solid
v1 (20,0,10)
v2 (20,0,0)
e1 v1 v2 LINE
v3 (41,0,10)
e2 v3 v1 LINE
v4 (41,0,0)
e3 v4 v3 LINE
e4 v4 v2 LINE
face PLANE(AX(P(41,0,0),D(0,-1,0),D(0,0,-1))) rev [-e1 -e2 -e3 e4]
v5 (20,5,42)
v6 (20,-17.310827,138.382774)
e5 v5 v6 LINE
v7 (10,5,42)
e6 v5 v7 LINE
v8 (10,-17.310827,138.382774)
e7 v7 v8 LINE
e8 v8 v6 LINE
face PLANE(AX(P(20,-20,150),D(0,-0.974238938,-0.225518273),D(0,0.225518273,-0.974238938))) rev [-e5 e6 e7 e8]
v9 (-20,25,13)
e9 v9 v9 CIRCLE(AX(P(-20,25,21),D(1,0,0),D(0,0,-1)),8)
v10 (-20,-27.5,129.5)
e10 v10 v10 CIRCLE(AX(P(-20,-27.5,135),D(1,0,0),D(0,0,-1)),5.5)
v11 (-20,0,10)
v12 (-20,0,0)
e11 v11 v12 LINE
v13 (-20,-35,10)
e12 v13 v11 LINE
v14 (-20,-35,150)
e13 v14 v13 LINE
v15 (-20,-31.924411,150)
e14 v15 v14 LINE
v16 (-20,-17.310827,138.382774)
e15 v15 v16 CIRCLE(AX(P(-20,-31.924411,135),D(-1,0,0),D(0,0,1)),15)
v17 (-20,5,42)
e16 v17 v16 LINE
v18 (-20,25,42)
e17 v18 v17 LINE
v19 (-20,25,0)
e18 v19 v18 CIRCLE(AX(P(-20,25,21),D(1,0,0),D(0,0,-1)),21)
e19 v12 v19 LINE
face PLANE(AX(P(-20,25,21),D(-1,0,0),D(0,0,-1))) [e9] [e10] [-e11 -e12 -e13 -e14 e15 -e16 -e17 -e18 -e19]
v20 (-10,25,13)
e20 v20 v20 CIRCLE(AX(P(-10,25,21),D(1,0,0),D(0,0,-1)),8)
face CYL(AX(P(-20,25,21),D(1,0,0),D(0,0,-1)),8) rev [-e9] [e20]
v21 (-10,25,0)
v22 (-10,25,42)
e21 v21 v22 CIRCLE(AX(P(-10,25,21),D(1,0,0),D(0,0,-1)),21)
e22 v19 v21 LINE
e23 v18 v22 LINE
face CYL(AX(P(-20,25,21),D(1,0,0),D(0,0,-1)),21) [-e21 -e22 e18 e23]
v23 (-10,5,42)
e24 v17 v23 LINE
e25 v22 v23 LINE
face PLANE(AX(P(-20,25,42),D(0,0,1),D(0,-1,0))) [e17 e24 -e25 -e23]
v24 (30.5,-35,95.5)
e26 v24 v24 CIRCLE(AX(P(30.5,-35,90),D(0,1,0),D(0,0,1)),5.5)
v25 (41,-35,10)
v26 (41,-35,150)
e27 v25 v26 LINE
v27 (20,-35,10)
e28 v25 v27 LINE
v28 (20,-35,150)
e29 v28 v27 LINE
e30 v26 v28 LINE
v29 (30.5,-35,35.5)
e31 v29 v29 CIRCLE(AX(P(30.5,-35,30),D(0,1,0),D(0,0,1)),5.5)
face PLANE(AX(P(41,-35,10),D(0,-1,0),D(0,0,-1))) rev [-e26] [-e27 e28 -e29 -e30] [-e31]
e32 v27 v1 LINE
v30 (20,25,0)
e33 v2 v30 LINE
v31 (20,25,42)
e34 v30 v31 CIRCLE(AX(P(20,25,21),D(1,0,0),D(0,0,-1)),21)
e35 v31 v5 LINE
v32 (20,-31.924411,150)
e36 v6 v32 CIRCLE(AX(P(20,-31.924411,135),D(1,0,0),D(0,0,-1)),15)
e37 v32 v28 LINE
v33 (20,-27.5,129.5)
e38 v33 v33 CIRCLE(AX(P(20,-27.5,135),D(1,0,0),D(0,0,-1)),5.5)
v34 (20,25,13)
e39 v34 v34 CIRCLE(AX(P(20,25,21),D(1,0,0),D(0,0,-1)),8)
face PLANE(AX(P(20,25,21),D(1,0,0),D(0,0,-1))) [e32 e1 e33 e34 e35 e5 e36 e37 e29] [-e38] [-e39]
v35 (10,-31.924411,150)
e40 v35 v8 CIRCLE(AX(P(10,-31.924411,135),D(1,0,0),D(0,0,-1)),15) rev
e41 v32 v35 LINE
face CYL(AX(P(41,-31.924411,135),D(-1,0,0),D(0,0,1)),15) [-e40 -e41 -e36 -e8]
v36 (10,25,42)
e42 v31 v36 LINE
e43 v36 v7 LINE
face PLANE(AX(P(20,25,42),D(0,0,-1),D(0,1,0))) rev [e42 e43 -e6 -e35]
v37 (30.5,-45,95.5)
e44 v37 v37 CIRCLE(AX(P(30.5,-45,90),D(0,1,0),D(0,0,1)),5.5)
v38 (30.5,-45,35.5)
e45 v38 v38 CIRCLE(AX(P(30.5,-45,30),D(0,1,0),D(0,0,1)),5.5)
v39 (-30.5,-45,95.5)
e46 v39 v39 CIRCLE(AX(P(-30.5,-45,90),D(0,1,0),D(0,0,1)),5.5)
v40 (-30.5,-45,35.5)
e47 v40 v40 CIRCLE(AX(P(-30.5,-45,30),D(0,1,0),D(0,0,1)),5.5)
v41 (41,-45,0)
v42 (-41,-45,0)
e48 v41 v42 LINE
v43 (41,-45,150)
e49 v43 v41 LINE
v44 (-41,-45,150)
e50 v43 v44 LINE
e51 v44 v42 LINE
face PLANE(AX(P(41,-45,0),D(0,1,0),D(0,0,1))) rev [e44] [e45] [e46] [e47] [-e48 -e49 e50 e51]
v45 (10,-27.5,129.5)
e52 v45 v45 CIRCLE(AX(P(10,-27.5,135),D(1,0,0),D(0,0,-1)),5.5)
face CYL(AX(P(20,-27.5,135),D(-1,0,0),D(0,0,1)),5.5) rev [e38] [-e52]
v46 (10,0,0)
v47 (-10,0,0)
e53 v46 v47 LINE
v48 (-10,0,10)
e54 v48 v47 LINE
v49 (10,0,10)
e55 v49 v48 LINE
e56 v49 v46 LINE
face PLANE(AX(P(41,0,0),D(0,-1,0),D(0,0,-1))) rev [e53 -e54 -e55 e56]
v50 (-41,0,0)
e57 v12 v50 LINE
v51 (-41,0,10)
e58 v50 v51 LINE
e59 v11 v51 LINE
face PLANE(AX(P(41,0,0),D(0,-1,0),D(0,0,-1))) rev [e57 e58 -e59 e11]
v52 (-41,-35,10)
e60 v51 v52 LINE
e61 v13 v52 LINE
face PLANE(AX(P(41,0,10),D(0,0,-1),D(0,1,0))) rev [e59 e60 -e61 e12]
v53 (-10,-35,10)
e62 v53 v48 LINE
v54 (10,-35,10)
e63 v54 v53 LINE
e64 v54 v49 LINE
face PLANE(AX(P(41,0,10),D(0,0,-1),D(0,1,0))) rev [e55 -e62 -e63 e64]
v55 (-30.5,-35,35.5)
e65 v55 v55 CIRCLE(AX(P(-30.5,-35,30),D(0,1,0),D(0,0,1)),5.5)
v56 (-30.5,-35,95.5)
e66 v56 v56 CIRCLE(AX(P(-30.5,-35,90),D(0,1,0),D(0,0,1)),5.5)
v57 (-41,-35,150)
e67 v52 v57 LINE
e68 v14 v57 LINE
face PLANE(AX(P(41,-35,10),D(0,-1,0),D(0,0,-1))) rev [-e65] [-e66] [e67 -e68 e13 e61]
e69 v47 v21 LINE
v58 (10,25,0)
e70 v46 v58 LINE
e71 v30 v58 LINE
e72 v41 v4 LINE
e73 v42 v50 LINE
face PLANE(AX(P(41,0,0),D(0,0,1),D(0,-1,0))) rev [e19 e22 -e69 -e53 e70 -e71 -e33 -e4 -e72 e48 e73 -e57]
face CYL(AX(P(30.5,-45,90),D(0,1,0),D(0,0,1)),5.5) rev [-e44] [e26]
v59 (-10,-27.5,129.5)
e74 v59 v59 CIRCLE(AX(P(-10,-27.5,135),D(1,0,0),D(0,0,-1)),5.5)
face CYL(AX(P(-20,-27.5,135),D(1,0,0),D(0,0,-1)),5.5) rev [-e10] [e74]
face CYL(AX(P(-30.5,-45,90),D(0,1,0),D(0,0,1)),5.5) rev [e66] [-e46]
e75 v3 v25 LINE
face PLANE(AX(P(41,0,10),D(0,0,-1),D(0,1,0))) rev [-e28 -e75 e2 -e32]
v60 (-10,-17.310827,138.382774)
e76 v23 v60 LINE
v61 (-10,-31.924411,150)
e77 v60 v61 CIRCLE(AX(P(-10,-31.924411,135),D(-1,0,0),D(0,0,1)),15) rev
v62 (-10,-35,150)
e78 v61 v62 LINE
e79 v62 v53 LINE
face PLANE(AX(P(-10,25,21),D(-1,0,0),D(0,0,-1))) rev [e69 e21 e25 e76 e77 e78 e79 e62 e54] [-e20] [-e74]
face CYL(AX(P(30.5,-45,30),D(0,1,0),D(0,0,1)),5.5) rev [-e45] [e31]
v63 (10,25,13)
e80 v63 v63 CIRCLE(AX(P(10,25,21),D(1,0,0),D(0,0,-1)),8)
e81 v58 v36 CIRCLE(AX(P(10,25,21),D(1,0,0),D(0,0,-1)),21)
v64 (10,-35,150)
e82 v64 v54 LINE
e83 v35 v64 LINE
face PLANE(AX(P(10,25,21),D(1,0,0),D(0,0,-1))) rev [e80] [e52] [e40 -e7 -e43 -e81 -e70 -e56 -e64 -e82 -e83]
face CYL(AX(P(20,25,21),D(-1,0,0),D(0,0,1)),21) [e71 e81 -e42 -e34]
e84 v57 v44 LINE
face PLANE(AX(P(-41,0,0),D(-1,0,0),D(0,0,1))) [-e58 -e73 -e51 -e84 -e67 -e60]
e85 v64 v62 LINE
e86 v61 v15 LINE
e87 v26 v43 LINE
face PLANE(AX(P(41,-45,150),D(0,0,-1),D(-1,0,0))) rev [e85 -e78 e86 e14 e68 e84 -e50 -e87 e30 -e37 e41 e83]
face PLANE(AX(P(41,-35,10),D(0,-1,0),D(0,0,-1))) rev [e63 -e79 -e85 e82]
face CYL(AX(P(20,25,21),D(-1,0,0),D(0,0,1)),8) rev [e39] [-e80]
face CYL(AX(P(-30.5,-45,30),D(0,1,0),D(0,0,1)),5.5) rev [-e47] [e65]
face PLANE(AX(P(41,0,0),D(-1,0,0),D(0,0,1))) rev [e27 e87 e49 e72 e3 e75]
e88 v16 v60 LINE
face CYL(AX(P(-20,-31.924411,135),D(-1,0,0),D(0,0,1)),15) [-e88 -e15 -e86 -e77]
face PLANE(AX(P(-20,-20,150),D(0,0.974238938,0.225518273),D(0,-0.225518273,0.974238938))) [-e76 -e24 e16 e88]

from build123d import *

# Parameters (mm, degrees)
BOSS_EXTRUDE1_DEPTH = 41
SKETCH2_R           = 8
SKETCH2_R_2         = 5.5
BOSS_EXTRUDE2_DEPTH = 10
SKETCH3_R           = 5.5
CUT_EXTRUDE1_DEPTH  = 10
FILLET1_R           = 15


with BuildPart() as part:
    # Sketch1 → Boss-Extrude1 (new, symmetric)
    with BuildSketch(Plane(origin=(0, 0, 0), x_dir=(0, 0, -1), z_dir=(1, 0, 0))):
        Polygon((0, 0), (-10, 0), (-10, -35), (-150, -35), (-150, -45), (0, -45), align=None)
    extrude(amount=BOSS_EXTRUDE1_DEPTH, both=True)

    # Sketch2 → Boss-Extrude2 (add)
    with BuildSketch(Plane(origin=(10, 0, 0), x_dir=(0, 0, -1), z_dir=(1, 0, 0))):
        with BuildLine():
            Line((-150, -35), (-150, -20))
            Line((-150, -20), (-42, 5))
            Line((-42, 5), (-42, 25))
            ThreePointArc((-42, 25), (-21, 46), (0, 25))
            Line((0, 25), (0, 0))
            Line((0, 0), (-10, 0))
            Line((-10, 0), (-10, -35))
            Line((-10, -35), (-150, -35))
        make_face()
        with Locations((-21, 25)):
            Circle(SKETCH2_R, mode=Mode.SUBTRACT)
        with Locations((-135, -27.5)):
            Circle(SKETCH2_R_2, mode=Mode.SUBTRACT)
    boss_extrude2 = extrude(amount=BOSS_EXTRUDE2_DEPTH)

    # Mirror1: Boss-Extrude2 across plane
    add(boss_extrude2.mirror(Plane(origin=(0, 0, 0), x_dir=(0, 0, 1), z_dir=(1, 0, 0))))

    # Sketch3 → Cut-Extrude1 (cut)
    with BuildSketch(Plane(origin=(0, -35, 0), x_dir=(1, 0, 0), z_dir=(0, 1, 0))):
        with Locations(Location((30.5, -30, 0), (0, 0, 270))):
            Circle(SKETCH3_R)
        with Locations(Location((30.5, -90, 0), (0, 0, 270))):
            Circle(SKETCH3_R)
        with Locations(Location((-30.5, -90, 0), (0, 0, 270))):
            Circle(SKETCH3_R)
        with Locations(Location((-30.5, -30, 0), (0, 0, 270))):
            Circle(SKETCH3_R)
    extrude(amount=-CUT_EXTRUDE1_DEPTH, mode=Mode.SUBTRACT)

    # Fillet1
    fillet1_edges = [part.edges().sort_by_distance(p)[0] for p in [
        (15, -20, 150),
        (-15, -20, 150),
    ]]
    fillet(fillet1_edges, radius=FILLET1_R)


solid = part.part
